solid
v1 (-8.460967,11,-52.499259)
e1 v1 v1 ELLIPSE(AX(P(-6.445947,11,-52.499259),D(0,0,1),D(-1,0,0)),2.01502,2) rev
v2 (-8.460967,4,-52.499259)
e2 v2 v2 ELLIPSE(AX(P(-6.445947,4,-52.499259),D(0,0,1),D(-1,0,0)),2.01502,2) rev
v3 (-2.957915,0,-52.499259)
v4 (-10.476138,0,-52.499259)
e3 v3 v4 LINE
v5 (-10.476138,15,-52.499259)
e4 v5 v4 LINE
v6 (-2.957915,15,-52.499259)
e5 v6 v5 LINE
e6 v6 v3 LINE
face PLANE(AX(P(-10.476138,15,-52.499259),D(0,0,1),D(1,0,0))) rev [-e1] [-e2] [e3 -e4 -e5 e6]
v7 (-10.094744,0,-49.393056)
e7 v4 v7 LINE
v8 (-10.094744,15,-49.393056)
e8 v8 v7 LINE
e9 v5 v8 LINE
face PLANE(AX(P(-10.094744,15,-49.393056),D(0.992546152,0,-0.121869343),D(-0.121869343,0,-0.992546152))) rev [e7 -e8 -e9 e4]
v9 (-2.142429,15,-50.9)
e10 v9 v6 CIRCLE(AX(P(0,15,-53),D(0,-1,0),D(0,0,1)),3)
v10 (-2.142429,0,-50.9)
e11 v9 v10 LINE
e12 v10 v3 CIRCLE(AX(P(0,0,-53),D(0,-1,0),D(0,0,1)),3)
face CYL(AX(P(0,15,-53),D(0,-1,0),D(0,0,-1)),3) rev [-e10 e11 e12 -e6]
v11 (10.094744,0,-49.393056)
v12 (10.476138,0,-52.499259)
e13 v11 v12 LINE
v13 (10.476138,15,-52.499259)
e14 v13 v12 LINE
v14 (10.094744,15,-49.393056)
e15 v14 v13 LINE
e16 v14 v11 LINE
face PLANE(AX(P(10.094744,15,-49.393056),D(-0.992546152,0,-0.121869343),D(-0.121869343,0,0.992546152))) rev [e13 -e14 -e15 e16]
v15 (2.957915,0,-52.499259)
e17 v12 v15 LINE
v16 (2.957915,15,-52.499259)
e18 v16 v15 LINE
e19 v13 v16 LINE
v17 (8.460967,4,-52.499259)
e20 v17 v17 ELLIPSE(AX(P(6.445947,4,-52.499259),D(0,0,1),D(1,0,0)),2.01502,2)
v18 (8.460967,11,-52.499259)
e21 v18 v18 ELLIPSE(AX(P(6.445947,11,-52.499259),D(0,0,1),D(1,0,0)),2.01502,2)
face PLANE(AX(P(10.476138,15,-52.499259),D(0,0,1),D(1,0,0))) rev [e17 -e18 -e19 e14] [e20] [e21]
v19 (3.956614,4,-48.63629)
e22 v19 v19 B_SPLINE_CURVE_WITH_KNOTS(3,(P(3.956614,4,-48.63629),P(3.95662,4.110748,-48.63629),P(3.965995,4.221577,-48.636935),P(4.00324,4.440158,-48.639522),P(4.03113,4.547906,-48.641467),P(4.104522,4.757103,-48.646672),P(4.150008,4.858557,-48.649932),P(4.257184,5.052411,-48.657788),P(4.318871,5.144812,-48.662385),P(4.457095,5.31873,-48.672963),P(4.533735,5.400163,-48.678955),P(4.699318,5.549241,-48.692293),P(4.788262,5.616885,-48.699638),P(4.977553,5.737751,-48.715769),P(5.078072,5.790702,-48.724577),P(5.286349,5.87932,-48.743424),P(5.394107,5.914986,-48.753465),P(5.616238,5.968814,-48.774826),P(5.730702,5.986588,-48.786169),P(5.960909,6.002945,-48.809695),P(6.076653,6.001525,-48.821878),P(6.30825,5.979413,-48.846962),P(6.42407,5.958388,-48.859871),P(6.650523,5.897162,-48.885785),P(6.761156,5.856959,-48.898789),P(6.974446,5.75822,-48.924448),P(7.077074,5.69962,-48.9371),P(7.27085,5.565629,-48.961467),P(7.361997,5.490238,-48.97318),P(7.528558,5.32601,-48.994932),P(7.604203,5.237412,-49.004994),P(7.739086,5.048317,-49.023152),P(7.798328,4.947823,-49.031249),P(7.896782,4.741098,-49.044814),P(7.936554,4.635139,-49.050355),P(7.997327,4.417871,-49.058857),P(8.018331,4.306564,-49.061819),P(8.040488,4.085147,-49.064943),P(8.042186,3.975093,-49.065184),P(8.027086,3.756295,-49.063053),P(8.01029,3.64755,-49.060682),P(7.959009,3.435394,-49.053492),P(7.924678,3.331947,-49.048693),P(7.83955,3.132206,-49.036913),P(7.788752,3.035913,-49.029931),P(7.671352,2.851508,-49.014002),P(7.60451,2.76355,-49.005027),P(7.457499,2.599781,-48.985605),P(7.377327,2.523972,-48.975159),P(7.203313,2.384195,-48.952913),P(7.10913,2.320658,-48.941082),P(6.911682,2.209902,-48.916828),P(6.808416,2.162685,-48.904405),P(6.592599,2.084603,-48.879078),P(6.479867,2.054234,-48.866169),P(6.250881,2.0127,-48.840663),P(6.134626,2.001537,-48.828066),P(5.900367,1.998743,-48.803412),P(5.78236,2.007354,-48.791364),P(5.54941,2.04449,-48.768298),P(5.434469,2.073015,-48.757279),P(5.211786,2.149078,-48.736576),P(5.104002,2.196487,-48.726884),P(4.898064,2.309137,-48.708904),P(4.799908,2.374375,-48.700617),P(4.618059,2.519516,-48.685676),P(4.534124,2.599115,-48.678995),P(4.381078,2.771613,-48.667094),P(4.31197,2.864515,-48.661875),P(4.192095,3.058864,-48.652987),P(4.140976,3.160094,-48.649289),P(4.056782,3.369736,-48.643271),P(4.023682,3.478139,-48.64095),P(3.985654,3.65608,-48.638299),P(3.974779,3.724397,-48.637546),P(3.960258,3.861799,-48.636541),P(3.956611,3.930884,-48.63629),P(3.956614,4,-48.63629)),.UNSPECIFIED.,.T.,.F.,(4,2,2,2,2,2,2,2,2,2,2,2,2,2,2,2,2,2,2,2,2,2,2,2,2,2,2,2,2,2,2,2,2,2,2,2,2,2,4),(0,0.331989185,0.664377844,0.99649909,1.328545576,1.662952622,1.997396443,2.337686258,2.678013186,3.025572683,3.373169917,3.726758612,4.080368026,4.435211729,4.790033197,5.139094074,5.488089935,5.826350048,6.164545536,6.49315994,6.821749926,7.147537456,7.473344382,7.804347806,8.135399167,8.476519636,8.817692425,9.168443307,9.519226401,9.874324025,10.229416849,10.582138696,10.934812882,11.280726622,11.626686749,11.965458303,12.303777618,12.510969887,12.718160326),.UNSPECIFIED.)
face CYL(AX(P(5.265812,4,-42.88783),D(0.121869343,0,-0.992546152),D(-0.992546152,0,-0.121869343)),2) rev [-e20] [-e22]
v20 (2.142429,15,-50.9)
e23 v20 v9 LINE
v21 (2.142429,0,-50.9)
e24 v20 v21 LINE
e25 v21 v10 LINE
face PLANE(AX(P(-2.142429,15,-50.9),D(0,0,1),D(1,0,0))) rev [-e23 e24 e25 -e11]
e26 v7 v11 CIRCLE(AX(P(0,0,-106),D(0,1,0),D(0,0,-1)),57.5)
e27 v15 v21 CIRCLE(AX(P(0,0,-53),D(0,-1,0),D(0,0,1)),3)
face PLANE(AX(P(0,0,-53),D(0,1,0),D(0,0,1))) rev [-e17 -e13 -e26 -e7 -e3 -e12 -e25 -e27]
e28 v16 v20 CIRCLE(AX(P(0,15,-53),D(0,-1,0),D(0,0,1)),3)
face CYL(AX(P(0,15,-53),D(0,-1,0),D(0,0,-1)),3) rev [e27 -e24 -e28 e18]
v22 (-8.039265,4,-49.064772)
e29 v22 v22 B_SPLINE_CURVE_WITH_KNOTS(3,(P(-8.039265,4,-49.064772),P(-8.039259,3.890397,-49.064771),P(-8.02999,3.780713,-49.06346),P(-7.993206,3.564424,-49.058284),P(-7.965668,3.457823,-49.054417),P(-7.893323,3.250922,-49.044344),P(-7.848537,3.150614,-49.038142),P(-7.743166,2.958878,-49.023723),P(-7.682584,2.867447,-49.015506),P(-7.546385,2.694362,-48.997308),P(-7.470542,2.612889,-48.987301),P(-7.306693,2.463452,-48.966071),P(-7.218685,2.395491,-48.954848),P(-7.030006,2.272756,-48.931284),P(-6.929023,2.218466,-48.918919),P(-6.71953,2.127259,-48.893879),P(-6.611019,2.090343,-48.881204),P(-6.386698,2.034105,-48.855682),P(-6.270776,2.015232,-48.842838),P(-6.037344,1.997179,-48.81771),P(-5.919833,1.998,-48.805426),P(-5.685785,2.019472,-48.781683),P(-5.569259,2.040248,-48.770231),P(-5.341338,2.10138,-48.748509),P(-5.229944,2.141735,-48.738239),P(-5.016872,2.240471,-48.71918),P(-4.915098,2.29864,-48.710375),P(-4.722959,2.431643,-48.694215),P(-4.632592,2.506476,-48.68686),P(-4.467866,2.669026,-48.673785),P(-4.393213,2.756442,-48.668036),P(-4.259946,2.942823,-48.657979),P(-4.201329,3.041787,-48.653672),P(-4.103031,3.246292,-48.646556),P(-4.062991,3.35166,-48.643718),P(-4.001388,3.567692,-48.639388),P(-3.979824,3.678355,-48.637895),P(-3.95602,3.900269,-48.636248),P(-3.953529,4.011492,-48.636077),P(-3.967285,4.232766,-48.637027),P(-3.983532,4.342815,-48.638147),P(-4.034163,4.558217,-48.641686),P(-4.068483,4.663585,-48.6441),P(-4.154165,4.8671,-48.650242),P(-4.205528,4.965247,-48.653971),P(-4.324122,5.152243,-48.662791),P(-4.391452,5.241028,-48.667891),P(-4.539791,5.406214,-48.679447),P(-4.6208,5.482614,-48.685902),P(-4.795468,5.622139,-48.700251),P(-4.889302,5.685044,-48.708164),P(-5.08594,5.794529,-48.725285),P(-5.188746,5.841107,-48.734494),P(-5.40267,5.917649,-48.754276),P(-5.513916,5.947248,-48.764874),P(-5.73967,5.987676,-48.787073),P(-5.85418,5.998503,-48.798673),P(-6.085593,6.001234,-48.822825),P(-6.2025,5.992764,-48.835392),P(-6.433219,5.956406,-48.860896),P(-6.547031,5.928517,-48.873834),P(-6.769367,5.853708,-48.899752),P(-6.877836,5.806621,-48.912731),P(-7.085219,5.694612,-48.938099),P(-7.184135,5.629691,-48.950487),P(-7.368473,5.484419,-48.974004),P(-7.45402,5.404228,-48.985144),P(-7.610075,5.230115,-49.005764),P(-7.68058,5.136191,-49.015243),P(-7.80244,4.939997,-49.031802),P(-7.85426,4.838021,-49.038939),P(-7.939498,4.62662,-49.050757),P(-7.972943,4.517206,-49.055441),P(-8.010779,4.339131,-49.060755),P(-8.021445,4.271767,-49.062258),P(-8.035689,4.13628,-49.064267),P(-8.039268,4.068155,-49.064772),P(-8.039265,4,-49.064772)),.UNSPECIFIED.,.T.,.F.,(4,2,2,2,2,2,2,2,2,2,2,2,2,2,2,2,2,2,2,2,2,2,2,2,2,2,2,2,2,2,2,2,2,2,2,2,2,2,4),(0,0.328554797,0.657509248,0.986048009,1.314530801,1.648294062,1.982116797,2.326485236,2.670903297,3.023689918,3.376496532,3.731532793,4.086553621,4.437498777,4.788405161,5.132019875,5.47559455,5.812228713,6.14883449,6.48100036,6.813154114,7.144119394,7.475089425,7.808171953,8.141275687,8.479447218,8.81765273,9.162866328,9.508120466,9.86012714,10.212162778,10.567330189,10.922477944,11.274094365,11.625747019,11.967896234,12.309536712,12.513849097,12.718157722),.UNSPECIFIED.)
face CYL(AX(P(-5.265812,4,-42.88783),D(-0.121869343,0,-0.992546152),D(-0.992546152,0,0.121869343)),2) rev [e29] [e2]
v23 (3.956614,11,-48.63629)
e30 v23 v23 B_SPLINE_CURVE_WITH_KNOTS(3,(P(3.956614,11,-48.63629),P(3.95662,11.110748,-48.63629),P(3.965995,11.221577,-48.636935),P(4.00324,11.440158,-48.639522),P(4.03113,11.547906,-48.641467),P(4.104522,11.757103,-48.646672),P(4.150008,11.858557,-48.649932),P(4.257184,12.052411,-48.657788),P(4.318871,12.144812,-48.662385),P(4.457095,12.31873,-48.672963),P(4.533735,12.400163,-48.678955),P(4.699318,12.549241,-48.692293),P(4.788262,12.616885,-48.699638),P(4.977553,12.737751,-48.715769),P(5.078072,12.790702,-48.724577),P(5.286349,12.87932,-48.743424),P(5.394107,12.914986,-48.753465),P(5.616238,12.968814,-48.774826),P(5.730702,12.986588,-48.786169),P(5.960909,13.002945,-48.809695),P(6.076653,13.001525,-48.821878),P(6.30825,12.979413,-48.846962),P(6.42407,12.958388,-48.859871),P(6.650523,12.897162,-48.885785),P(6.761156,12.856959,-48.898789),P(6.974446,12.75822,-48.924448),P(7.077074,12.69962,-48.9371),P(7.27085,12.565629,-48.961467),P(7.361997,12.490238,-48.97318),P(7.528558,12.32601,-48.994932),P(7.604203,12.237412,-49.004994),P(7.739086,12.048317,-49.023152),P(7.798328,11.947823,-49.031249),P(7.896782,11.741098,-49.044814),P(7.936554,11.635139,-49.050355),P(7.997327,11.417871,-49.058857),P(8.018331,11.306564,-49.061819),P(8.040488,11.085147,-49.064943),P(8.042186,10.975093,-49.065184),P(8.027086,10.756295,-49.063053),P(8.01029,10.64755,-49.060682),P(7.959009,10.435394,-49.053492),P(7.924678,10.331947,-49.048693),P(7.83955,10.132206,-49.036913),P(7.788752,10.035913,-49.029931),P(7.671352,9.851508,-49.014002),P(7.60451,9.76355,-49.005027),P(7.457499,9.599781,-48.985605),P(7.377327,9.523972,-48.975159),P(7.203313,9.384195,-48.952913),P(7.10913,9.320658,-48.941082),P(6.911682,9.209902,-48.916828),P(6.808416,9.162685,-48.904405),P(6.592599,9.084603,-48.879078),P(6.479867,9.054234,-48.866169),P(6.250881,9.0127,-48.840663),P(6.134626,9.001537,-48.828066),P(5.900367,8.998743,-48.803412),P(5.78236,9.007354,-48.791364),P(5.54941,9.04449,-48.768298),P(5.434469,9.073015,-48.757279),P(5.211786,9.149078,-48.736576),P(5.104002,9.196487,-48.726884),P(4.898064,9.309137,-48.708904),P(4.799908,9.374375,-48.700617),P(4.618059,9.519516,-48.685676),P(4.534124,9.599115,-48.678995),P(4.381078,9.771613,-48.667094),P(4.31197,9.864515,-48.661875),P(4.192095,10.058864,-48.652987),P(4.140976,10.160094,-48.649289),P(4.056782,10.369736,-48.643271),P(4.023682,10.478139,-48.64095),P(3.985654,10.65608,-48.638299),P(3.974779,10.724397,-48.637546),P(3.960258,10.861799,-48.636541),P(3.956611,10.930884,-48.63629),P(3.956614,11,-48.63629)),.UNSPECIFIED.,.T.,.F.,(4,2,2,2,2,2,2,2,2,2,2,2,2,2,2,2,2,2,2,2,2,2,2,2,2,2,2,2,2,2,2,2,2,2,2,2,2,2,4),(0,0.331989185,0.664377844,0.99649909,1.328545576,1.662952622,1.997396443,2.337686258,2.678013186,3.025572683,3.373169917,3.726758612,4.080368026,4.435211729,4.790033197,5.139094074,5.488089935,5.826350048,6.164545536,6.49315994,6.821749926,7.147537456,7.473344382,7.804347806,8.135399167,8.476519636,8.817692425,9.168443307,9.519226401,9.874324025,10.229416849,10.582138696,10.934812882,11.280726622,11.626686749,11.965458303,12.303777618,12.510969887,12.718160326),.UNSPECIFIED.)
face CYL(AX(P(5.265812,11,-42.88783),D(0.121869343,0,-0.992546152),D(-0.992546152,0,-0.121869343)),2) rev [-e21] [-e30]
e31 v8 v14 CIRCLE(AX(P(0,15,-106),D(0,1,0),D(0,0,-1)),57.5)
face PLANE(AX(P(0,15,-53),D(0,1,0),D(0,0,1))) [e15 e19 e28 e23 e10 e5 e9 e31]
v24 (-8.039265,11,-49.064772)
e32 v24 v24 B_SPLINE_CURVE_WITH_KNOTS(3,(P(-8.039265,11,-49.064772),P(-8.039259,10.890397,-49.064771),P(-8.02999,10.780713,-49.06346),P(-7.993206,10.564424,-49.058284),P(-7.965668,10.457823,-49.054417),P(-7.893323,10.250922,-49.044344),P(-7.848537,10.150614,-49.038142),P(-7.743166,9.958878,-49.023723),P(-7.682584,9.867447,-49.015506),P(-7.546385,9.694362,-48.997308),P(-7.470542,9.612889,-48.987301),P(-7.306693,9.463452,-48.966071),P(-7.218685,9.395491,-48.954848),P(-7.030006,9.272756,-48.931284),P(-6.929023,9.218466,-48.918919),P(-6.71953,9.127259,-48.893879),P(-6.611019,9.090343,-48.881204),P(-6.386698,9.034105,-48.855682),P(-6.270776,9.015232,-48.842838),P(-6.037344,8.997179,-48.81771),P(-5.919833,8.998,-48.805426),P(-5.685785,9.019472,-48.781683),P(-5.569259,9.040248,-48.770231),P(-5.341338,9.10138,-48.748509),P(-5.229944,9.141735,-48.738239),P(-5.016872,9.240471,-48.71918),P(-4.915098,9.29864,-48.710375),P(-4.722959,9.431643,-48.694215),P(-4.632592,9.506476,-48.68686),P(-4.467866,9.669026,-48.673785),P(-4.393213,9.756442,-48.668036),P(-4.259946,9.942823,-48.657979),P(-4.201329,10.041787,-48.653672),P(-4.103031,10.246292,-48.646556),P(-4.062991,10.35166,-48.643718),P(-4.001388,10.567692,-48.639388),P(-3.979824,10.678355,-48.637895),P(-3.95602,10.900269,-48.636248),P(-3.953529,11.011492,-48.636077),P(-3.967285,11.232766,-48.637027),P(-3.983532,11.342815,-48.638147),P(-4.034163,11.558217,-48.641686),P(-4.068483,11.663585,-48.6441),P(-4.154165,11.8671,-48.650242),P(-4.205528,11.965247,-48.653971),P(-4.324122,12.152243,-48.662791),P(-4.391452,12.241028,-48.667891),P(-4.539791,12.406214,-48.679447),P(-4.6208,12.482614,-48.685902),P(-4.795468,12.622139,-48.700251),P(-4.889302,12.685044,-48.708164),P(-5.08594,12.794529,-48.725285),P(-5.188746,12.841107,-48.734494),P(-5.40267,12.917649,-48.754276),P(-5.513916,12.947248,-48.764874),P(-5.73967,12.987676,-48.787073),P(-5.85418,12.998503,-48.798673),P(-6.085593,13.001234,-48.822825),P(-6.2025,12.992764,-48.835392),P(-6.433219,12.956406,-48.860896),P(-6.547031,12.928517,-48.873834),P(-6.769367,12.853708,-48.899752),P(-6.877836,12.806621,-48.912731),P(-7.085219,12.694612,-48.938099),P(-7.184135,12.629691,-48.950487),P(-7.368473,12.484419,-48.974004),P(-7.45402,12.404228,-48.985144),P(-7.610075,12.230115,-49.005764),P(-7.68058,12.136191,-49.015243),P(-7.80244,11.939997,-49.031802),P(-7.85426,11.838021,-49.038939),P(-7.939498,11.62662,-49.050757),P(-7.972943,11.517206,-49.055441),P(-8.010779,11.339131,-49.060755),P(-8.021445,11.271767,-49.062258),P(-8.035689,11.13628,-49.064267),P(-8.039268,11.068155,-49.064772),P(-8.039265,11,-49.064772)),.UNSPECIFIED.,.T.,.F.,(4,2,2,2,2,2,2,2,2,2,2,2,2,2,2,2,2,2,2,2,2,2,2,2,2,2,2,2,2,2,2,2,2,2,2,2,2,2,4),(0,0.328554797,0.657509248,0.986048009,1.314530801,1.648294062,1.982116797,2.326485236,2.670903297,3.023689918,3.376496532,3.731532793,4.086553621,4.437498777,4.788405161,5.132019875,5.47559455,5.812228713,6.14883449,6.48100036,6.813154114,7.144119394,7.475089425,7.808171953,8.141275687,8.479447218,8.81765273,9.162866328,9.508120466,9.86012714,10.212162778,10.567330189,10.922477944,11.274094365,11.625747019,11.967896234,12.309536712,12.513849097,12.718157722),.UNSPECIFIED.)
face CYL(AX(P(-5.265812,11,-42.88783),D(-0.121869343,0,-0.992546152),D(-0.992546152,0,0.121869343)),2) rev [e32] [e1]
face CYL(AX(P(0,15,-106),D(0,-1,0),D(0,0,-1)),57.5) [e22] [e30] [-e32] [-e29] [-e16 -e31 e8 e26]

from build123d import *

# Parameters (mm, degrees)
EXTRUDE_1_DEPTH     = 15
SKETCH_2_R          = 2
CUT_EXTRUDE_1_DEPTH = 62
SKETCH_4_R          = 2
CUT_EXTRUDE_2_DEPTH = 62


with BuildPart() as part:
    # 草图1 → 凸台-拉伸1 (new body)
    with BuildSketch(Plane(origin=(0, 0, 0), x_dir=(1, 0, 0), z_dir=(0, 1, 0))):
        with BuildLine():
            Line((-2.142428529, 50.9), (2.142428529, 50.9))
            ThreePointArc((2.142428529, 50.9), (2.672598452, 51.637202321), (2.957914583, 52.49925923))
            Line((2.957914583, 52.49925923), (10.476137794, 52.49925923))
            Line((10.476137794, 52.49925923), (10.094743956, 49.393055687))
            ThreePointArc((10.094743956, 49.393055687), (0, 48.5), (-10.094743956, 49.393055687))
            Line((-10.094743956, 49.393055687), (-10.476137794, 52.49925923))
            Line((-10.476137794, 52.49925923), (-2.957914583, 52.49925923))
            ThreePointArc((-2.957914583, 52.49925923), (-2.672598452, 51.637202321), (-2.142428529, 50.9))
        make_face()
    extrude(amount=EXTRUDE_1_DEPTH)

    # 草图2 → 切除-拉伸1 (cut)
    with BuildSketch(Plane(origin=(-12.821860467, 0, -104.425673493), x_dir=(0.9925461516413212, 0, -0.12186934340515458), z_dir=(0.12186934340515458, 0, 0.9925461516413212))):
        with Locations(Location((0.000150401, 4, 0), (0, 0, 180))):
            Circle(SKETCH_2_R)
        with Locations(Location((0.000150401, 11, 0), (0, 0, 180))):
            Circle(SKETCH_2_R)
    extrude(amount=CUT_EXTRUDE_1_DEPTH, mode=Mode.SUBTRACT)

    # 草图4 → 切除-拉伸2 (cut)
    with BuildSketch(Plane(origin=(12.821860467, 0, -104.425673493), x_dir=(-0.992546151641322, 0, -0.12186934340514766), z_dir=(0.12186934340514766, 0, -0.992546151641322))):
        with Locations((0.000150401, 11)):
            Circle(SKETCH_4_R)
        with Locations((0.000150401, 4)):
            Circle(SKETCH_4_R)
    extrude(amount=-CUT_EXTRUDE_2_DEPTH, mode=Mode.SUBTRACT)


solid = part.part
